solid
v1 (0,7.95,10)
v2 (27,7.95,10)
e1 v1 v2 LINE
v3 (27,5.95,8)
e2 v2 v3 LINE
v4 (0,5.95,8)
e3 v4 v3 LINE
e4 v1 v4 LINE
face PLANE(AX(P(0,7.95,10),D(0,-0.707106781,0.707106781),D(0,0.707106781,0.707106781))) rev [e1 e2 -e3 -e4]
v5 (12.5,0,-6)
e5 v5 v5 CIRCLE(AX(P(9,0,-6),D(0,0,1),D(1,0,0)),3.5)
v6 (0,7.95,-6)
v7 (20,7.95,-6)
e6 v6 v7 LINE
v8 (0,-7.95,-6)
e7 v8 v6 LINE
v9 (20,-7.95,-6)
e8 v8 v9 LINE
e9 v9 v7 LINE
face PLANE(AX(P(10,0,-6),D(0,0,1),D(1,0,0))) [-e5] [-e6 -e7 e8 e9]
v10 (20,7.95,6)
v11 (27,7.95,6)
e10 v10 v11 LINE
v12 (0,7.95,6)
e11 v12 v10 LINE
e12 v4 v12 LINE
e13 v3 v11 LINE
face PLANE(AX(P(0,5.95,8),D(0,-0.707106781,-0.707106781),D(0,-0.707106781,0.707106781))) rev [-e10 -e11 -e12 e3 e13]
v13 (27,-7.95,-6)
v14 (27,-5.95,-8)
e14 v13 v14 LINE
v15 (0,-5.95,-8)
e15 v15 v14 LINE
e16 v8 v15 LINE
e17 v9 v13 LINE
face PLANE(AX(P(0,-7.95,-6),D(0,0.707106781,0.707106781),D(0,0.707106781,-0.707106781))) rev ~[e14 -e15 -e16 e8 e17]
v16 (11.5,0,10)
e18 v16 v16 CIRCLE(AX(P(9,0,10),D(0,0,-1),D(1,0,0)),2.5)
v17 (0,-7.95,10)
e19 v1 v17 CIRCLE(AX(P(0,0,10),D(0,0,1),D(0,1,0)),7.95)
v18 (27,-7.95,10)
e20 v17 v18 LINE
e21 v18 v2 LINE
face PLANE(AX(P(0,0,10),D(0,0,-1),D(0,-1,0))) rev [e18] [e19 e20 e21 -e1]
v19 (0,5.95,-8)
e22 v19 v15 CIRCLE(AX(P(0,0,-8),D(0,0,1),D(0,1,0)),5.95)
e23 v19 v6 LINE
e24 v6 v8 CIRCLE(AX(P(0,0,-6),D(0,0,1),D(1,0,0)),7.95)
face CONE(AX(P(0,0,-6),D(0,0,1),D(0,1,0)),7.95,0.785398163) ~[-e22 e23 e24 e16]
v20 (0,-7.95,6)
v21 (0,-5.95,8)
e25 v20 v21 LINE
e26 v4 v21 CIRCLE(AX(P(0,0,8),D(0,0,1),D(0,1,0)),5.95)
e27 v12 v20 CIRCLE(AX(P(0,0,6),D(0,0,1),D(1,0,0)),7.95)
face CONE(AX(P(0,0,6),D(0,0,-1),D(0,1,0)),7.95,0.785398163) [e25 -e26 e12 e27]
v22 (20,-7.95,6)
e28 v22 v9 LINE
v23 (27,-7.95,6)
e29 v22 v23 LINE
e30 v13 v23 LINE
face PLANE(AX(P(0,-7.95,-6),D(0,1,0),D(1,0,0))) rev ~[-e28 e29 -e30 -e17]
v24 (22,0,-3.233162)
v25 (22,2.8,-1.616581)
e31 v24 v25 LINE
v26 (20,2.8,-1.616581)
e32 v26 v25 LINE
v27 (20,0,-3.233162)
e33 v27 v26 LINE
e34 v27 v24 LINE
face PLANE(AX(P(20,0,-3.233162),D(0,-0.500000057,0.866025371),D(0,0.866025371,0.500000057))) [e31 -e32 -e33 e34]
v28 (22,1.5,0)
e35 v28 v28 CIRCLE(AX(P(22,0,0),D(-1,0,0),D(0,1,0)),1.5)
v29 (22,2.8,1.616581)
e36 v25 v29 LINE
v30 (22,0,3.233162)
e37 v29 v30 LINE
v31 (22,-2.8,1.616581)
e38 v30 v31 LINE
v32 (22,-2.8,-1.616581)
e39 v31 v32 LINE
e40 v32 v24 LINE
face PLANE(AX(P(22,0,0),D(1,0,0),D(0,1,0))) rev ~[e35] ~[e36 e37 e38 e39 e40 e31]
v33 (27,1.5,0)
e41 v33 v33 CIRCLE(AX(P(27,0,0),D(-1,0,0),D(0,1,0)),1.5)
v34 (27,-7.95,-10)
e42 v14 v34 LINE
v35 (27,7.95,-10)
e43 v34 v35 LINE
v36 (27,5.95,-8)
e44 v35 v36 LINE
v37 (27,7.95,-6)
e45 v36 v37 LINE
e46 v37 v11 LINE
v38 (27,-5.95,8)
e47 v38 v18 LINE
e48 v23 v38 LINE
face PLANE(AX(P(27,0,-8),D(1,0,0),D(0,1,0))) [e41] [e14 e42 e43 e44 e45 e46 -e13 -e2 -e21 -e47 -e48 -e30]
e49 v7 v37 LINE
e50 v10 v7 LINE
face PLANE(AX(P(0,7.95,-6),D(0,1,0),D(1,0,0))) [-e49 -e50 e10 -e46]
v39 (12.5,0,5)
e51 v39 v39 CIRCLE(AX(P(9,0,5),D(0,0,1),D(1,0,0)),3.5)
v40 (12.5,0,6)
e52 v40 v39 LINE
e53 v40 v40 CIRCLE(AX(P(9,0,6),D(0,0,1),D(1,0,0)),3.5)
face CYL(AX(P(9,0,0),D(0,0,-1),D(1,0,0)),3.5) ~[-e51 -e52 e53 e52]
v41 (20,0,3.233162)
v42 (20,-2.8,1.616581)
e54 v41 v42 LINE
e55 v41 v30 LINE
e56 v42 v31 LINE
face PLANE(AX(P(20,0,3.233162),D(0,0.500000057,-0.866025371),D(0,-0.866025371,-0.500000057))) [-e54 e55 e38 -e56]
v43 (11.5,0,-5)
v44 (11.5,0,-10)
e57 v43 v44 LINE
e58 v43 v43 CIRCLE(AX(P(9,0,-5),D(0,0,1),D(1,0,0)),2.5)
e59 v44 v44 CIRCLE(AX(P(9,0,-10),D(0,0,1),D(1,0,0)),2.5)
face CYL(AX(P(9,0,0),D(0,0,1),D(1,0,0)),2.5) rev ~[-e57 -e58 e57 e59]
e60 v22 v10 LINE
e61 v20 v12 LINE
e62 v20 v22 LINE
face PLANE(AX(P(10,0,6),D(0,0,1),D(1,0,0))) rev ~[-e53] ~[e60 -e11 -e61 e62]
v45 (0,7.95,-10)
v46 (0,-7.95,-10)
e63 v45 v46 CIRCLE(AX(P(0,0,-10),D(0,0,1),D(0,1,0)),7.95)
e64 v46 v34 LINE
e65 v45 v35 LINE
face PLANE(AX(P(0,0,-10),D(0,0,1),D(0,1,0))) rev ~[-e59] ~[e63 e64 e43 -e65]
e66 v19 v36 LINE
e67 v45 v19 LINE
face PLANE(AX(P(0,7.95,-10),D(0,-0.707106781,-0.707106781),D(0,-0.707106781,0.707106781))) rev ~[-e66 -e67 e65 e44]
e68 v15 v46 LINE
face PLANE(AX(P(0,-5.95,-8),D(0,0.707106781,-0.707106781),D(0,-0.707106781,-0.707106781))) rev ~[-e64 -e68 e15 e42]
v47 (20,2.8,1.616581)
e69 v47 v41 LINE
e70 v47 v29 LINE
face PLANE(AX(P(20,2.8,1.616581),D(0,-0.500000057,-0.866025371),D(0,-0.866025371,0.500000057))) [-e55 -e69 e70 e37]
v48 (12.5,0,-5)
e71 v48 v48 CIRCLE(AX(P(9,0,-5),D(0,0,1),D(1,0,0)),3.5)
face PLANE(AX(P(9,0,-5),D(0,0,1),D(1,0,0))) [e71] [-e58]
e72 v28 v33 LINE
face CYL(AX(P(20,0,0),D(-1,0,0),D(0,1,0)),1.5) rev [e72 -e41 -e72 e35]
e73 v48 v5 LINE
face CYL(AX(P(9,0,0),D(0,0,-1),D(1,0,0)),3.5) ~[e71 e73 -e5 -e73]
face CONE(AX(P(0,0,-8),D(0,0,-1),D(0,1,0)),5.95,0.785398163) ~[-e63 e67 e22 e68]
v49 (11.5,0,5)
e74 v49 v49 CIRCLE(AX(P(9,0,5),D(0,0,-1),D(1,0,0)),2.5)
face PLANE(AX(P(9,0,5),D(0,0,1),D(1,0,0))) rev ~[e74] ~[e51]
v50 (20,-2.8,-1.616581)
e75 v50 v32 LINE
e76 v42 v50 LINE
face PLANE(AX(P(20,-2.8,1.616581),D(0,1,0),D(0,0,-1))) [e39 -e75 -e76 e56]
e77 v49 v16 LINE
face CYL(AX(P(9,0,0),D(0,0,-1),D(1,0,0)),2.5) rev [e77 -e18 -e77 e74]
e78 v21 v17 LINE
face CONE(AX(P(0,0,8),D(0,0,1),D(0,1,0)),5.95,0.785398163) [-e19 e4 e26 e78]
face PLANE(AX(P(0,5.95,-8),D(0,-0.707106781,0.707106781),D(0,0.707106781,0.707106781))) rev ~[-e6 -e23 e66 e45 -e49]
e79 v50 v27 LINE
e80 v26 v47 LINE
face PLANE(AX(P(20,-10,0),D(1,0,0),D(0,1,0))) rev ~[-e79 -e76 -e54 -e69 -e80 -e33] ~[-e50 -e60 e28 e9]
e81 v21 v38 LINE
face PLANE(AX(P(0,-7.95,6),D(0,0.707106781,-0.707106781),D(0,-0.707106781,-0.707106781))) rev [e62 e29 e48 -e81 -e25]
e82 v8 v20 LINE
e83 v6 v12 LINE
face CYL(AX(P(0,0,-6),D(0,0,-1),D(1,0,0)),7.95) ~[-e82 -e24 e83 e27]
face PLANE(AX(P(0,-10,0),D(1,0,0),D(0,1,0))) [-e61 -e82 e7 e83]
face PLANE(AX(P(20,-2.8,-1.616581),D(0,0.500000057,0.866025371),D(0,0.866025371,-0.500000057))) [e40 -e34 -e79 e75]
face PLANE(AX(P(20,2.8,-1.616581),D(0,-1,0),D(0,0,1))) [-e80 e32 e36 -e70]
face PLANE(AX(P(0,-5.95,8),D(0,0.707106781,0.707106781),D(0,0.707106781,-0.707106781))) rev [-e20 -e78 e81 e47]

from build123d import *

# Parameters (mm, degrees)
CYLINDER_R           = 7.95
CYLINDER_DEPTH       = 12
PAD_DEPTH            = 27
BOX_W                = 27
BOX_H                = 15.9
BOX_DEPTH            = 12
SKETCH004_W          = 20
SKETCH004_H          = 20
SKETCH004_R          = 3.5
POCKET_DEPTH         = 6
SKETCH005_R          = 3.5
POCKET001_DEPTH      = 5
SKETCH006_R          = 2.5
POCKET002_DEPTH      = 10.001
POCKET002_DEPTH_BACK = 10.001
POCKET003_DEPTH      = 2
SKETCH008_R          = 1.5
POCKET004_DEPTH      = 7.001


with BuildPart() as structuralcilinder:
    # Cylinder → Cylinder (new body)
    with BuildSketch(Plane.XY.offset(-6)):
        Circle(CYLINDER_R)
    extrude(amount=CYLINDER_DEPTH)


with BuildPart() as idlerbody:
    # Sketch → Pad (new body)
    with BuildSketch(Plane.YZ):
        Polygon((0, 2), (-7.95, 2), (-5.95, 0), (-7.95, -2), (0, -2), (7.95, -2), (5.95, 0), (7.95, 2), align=None)
    extrude(amount=PAD_DEPTH)

    # Sketch002 (on DatumPlane) → AdditiveLoft section 0
    with BuildSketch(Plane.XY.offset(2)):
        with BuildLine():
            ThreePointArc((0, 7.95), (-7.95, 0), (0, -7.95))
            Line((0, 7.95), (0, -7.95))
        make_face()
    # Sketch001 → AdditiveLoft section 1
    with BuildSketch(Plane.XY):
        with BuildLine():
            ThreePointArc((0, 5.95), (-5.95, 0), (0, -5.95))
            Line((0, 5.95), (0, -5.95))
        make_face()
    # Sketch003 (on DatumPlane) → AdditiveLoft section 2
    with BuildSketch(Plane.XY.offset(-2)):
        with BuildLine():
            ThreePointArc((0, 7.95), (-7.95, 0), (0, -7.95))
            Line((0, 7.95), (0, -7.95))
        make_face()
    loft(ruled=True)


with BuildPart() as idlerbody_1:
    # Body placement: moved
    add(idlerbody.part.moved(Location((0, 0, -8))))


with BuildPart() as idlerbody_mirror:
    # Part__Mirroring: instance of IdlerBody
    add(idlerbody_1.part.mirror(Plane(origin=(0, 0, 0), x_dir=(0, 1, 0), z_dir=(0, 0, 1))))


with BuildPart() as finalcutsbody_refined:
    # Box → Box (new body)
    with BuildSketch(Plane(origin=(0, -7.95, -6), x_dir=(1, 0, 0), z_dir=(0, 0, 1))):
        with Locations((13.5, 7.95)):
            Rectangle(BOX_W, BOX_H)
    extrude(amount=BOX_DEPTH)

    # Fusion: union StructuralCilinder, IdlerBody_Mirror, IdlerBody
    add(structuralcilinder.part)
    add(idlerbody_mirror.part)
    add(idlerbody_1.part)

    # Sketch004 → Pocket (cut, symmetric)
    with BuildSketch(Plane.XY):
        with Locations((10, 0)):
            Rectangle(SKETCH004_W, SKETCH004_H)
        with Locations((9, 0)):
            Circle(SKETCH004_R, mode=Mode.SUBTRACT)
    extrude(amount=POCKET_DEPTH, both=True, mode=Mode.SUBTRACT)

    # Sketch005 → Pocket001 (cut, symmetric)
    with BuildSketch(Plane.XY):
        with Locations((9, 0)):
            Circle(SKETCH005_R)
    extrude(amount=POCKET001_DEPTH, both=True, mode=Mode.SUBTRACT)

    # Sketch006 → Pocket002 (cut, two sides)
    with BuildSketch(Plane.XY) as pocket002_sk:
        with Locations((9, 0)):
            Circle(SKETCH006_R)
    extrude(amount=-POCKET002_DEPTH, mode=Mode.SUBTRACT)
    extrude(pocket002_sk.sketch, amount=POCKET002_DEPTH_BACK, mode=Mode.SUBTRACT)

    # Sketch007 (on DatumPlane) → Pocket003 (cut)
    with BuildSketch(Plane.YZ.offset(20)):
        Polygon((2.8, -1.616581), (2.8, 1.616581), (0, 3.233162), (-2.8, 1.616581), (-2.8, -1.616581), (0, -3.233162), align=None)
    extrude(amount=POCKET003_DEPTH, mode=Mode.SUBTRACT)

    # Sketch008 (on DatumPlane) → Pocket004 (cut, through all)
    with BuildSketch(Plane.YZ.offset(20)):
        Circle(SKETCH008_R)
    extrude(amount=POCKET004_DEPTH, mode=Mode.SUBTRACT)


solid = finalcutsbody_refined.part
